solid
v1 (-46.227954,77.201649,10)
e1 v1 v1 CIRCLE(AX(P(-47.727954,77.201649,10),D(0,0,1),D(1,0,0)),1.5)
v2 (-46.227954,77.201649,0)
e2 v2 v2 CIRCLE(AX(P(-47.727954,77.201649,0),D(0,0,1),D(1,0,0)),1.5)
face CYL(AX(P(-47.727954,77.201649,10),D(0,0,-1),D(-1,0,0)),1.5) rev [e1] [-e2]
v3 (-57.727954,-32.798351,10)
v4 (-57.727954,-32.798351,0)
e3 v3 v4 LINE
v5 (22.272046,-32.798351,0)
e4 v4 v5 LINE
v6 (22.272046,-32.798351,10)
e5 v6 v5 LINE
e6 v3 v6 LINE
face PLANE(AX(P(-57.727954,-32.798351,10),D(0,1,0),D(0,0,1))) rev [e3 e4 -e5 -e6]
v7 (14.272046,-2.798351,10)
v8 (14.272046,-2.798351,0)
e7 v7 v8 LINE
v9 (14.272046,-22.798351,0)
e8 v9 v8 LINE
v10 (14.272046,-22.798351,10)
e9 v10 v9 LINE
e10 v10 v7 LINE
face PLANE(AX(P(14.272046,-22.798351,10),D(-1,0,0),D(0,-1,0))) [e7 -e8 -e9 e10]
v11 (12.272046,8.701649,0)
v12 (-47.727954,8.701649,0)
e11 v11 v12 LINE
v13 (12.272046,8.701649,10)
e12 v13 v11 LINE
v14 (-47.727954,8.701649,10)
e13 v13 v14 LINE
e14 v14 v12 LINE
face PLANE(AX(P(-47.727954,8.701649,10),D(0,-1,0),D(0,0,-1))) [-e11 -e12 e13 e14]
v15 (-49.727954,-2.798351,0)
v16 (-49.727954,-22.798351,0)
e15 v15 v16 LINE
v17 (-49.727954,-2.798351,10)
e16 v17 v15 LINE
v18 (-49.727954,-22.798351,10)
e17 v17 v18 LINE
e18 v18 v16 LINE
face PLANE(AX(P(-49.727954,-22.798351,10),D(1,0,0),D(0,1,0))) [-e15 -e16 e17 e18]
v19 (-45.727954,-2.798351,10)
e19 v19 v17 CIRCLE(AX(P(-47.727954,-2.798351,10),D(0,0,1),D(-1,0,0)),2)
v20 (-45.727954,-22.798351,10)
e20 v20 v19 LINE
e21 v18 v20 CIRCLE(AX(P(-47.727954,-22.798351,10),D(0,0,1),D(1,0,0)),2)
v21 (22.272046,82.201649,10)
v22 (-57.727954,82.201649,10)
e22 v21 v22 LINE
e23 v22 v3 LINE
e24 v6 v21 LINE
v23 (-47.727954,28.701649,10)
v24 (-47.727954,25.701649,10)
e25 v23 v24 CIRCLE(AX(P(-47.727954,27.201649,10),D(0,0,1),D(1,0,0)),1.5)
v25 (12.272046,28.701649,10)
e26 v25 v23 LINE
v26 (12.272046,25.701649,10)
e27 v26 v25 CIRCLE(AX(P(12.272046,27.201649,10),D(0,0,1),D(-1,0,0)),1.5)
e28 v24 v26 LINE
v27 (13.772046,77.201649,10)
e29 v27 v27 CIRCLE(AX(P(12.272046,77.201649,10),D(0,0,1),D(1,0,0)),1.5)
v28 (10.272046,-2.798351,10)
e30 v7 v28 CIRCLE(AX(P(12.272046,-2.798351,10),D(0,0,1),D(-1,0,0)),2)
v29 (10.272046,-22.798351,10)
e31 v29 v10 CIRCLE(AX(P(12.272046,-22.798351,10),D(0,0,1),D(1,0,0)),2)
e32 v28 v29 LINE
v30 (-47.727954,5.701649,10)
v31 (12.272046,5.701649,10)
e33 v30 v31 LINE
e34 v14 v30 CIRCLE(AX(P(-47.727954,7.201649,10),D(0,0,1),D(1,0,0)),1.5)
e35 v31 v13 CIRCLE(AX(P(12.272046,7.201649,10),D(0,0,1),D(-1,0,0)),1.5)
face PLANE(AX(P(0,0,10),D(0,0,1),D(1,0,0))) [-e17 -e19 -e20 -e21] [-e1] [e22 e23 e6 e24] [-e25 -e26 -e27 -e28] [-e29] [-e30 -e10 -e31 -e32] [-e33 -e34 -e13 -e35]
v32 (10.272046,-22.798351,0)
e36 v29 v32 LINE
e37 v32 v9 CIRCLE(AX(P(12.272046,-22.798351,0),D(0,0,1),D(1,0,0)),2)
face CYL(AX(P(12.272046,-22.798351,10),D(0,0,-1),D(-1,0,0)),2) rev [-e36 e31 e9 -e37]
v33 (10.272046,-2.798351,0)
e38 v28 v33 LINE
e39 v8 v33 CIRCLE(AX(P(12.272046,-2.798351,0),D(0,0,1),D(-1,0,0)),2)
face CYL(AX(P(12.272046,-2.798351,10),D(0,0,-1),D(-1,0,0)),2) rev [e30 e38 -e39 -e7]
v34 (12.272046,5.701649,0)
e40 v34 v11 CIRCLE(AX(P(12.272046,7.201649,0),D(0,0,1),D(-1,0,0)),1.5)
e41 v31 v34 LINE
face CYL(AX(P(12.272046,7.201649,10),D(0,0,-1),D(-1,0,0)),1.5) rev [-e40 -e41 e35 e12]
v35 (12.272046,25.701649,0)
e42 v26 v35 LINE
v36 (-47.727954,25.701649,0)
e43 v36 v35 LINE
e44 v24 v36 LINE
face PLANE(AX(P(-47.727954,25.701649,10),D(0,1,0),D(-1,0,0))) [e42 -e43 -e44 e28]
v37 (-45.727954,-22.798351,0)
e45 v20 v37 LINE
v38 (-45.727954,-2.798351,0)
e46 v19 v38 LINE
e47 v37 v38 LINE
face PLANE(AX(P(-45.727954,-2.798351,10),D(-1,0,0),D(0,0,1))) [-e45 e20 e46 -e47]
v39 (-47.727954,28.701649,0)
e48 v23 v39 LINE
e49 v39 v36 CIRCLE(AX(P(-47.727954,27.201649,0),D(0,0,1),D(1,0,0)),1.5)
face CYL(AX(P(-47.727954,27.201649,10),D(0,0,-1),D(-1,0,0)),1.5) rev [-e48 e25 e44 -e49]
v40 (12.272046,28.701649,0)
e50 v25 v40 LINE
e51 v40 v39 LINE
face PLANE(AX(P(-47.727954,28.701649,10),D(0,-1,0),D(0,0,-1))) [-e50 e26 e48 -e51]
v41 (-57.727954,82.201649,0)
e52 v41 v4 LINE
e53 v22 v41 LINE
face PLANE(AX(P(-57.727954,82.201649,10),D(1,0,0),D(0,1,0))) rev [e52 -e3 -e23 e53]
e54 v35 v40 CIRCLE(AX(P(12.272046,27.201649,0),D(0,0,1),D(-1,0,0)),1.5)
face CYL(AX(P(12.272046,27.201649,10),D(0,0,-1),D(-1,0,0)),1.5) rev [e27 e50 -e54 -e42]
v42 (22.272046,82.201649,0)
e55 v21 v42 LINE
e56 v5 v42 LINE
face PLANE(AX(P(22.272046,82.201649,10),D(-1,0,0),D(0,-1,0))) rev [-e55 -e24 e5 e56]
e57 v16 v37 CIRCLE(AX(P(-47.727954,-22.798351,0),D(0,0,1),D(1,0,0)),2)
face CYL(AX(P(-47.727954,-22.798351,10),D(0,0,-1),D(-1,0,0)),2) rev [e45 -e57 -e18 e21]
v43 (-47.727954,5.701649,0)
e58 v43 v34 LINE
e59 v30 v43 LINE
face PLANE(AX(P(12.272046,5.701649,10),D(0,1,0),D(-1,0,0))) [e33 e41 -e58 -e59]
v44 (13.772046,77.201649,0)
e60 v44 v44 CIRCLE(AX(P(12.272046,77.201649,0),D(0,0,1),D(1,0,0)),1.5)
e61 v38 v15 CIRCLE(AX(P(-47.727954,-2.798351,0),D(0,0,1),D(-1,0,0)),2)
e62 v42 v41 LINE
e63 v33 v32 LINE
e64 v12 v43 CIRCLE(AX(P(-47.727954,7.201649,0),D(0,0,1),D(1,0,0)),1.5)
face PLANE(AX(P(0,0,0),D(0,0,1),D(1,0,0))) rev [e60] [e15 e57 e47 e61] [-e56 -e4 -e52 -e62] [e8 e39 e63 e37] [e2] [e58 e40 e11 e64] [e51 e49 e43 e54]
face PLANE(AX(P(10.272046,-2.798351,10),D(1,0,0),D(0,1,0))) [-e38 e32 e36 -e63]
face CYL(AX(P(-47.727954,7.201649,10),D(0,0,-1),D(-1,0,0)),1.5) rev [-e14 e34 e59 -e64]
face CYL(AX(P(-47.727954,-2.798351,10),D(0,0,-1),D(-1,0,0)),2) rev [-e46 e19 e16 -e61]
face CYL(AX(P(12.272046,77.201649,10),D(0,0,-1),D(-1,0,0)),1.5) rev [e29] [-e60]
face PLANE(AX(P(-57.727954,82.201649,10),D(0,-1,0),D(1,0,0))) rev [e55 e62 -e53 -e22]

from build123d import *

# Parameters (mm, degrees)
ESQUISSE1_W        = 80
ESQUISSE1_H        = 115
ESQUISSE1_R        = 1.5
BOSS_EXTRU_1_DEPTH = 10


with BuildPart() as part:
    # Esquisse1 → Boss.-Extru.1 (new body)
    with BuildSketch(Plane.XY):
        with Locations((-17.727954042, 24.701649019)):
            Rectangle(ESQUISSE1_W, ESQUISSE1_H)
        with Locations((-47.727954042, 77.201649019)):
            Circle(ESQUISSE1_R, mode=Mode.SUBTRACT)
        with Locations((12.272045958, 77.201649019)):
            Circle(ESQUISSE1_R, mode=Mode.SUBTRACT)
        with BuildLine():
            Line((-47.727954042, 28.701649019), (12.272045958, 28.701649019))
            ThreePointArc((12.272045958, 28.701649019), (13.772045958, 27.201649019), (12.272045958, 25.701649019))
            Line((12.272045958, 25.701649019), (-47.727954042, 25.701649019))
            ThreePointArc((-47.727954042, 25.701649019), (-49.227954042, 27.201649019), (-47.727954042, 28.701649019))
        make_face(mode=Mode.SUBTRACT)
        with BuildLine():
            Line((-47.727954042, 8.701649019), (12.272045958, 8.701649019))
            ThreePointArc((12.272045958, 8.701649019), (13.772045958, 7.201649019), (12.272045958, 5.701649019))
            Line((12.272045958, 5.701649019), (-47.727954042, 5.701649019))
            ThreePointArc((-47.727954042, 5.701649019), (-49.227954042, 7.201649019), (-47.727954042, 8.701649019))
        make_face(mode=Mode.SUBTRACT)
        with BuildLine():
            Line((-49.727954042, -22.798350981), (-49.727954042, -2.798350981))
            ThreePointArc((-49.727954042, -2.798350981), (-47.727954042, -0.798350981), (-45.727954042, -2.798350981))
            Line((-45.727954042, -2.798350981), (-45.727954042, -22.798350981))
            ThreePointArc((-45.727954042, -22.798350981), (-47.727954042, -24.798350981), (-49.727954042, -22.798350981))
        make_face(mode=Mode.SUBTRACT)
        with BuildLine():
            Line((10.272045958, -2.798350981), (10.272045958, -22.798350981))
            ThreePointArc((10.272045958, -22.798350981), (12.272045958, -24.798350981), (14.272045958, -22.798350981))
            Line((14.272045958, -22.798350981), (14.272045958, -2.798350981))
            ThreePointArc((14.272045958, -2.798350981), (12.272045958, -0.798350981), (10.272045958, -2.798350981))
        make_face(mode=Mode.SUBTRACT)
    extrude(amount=BOSS_EXTRU_1_DEPTH)


solid = part.part
